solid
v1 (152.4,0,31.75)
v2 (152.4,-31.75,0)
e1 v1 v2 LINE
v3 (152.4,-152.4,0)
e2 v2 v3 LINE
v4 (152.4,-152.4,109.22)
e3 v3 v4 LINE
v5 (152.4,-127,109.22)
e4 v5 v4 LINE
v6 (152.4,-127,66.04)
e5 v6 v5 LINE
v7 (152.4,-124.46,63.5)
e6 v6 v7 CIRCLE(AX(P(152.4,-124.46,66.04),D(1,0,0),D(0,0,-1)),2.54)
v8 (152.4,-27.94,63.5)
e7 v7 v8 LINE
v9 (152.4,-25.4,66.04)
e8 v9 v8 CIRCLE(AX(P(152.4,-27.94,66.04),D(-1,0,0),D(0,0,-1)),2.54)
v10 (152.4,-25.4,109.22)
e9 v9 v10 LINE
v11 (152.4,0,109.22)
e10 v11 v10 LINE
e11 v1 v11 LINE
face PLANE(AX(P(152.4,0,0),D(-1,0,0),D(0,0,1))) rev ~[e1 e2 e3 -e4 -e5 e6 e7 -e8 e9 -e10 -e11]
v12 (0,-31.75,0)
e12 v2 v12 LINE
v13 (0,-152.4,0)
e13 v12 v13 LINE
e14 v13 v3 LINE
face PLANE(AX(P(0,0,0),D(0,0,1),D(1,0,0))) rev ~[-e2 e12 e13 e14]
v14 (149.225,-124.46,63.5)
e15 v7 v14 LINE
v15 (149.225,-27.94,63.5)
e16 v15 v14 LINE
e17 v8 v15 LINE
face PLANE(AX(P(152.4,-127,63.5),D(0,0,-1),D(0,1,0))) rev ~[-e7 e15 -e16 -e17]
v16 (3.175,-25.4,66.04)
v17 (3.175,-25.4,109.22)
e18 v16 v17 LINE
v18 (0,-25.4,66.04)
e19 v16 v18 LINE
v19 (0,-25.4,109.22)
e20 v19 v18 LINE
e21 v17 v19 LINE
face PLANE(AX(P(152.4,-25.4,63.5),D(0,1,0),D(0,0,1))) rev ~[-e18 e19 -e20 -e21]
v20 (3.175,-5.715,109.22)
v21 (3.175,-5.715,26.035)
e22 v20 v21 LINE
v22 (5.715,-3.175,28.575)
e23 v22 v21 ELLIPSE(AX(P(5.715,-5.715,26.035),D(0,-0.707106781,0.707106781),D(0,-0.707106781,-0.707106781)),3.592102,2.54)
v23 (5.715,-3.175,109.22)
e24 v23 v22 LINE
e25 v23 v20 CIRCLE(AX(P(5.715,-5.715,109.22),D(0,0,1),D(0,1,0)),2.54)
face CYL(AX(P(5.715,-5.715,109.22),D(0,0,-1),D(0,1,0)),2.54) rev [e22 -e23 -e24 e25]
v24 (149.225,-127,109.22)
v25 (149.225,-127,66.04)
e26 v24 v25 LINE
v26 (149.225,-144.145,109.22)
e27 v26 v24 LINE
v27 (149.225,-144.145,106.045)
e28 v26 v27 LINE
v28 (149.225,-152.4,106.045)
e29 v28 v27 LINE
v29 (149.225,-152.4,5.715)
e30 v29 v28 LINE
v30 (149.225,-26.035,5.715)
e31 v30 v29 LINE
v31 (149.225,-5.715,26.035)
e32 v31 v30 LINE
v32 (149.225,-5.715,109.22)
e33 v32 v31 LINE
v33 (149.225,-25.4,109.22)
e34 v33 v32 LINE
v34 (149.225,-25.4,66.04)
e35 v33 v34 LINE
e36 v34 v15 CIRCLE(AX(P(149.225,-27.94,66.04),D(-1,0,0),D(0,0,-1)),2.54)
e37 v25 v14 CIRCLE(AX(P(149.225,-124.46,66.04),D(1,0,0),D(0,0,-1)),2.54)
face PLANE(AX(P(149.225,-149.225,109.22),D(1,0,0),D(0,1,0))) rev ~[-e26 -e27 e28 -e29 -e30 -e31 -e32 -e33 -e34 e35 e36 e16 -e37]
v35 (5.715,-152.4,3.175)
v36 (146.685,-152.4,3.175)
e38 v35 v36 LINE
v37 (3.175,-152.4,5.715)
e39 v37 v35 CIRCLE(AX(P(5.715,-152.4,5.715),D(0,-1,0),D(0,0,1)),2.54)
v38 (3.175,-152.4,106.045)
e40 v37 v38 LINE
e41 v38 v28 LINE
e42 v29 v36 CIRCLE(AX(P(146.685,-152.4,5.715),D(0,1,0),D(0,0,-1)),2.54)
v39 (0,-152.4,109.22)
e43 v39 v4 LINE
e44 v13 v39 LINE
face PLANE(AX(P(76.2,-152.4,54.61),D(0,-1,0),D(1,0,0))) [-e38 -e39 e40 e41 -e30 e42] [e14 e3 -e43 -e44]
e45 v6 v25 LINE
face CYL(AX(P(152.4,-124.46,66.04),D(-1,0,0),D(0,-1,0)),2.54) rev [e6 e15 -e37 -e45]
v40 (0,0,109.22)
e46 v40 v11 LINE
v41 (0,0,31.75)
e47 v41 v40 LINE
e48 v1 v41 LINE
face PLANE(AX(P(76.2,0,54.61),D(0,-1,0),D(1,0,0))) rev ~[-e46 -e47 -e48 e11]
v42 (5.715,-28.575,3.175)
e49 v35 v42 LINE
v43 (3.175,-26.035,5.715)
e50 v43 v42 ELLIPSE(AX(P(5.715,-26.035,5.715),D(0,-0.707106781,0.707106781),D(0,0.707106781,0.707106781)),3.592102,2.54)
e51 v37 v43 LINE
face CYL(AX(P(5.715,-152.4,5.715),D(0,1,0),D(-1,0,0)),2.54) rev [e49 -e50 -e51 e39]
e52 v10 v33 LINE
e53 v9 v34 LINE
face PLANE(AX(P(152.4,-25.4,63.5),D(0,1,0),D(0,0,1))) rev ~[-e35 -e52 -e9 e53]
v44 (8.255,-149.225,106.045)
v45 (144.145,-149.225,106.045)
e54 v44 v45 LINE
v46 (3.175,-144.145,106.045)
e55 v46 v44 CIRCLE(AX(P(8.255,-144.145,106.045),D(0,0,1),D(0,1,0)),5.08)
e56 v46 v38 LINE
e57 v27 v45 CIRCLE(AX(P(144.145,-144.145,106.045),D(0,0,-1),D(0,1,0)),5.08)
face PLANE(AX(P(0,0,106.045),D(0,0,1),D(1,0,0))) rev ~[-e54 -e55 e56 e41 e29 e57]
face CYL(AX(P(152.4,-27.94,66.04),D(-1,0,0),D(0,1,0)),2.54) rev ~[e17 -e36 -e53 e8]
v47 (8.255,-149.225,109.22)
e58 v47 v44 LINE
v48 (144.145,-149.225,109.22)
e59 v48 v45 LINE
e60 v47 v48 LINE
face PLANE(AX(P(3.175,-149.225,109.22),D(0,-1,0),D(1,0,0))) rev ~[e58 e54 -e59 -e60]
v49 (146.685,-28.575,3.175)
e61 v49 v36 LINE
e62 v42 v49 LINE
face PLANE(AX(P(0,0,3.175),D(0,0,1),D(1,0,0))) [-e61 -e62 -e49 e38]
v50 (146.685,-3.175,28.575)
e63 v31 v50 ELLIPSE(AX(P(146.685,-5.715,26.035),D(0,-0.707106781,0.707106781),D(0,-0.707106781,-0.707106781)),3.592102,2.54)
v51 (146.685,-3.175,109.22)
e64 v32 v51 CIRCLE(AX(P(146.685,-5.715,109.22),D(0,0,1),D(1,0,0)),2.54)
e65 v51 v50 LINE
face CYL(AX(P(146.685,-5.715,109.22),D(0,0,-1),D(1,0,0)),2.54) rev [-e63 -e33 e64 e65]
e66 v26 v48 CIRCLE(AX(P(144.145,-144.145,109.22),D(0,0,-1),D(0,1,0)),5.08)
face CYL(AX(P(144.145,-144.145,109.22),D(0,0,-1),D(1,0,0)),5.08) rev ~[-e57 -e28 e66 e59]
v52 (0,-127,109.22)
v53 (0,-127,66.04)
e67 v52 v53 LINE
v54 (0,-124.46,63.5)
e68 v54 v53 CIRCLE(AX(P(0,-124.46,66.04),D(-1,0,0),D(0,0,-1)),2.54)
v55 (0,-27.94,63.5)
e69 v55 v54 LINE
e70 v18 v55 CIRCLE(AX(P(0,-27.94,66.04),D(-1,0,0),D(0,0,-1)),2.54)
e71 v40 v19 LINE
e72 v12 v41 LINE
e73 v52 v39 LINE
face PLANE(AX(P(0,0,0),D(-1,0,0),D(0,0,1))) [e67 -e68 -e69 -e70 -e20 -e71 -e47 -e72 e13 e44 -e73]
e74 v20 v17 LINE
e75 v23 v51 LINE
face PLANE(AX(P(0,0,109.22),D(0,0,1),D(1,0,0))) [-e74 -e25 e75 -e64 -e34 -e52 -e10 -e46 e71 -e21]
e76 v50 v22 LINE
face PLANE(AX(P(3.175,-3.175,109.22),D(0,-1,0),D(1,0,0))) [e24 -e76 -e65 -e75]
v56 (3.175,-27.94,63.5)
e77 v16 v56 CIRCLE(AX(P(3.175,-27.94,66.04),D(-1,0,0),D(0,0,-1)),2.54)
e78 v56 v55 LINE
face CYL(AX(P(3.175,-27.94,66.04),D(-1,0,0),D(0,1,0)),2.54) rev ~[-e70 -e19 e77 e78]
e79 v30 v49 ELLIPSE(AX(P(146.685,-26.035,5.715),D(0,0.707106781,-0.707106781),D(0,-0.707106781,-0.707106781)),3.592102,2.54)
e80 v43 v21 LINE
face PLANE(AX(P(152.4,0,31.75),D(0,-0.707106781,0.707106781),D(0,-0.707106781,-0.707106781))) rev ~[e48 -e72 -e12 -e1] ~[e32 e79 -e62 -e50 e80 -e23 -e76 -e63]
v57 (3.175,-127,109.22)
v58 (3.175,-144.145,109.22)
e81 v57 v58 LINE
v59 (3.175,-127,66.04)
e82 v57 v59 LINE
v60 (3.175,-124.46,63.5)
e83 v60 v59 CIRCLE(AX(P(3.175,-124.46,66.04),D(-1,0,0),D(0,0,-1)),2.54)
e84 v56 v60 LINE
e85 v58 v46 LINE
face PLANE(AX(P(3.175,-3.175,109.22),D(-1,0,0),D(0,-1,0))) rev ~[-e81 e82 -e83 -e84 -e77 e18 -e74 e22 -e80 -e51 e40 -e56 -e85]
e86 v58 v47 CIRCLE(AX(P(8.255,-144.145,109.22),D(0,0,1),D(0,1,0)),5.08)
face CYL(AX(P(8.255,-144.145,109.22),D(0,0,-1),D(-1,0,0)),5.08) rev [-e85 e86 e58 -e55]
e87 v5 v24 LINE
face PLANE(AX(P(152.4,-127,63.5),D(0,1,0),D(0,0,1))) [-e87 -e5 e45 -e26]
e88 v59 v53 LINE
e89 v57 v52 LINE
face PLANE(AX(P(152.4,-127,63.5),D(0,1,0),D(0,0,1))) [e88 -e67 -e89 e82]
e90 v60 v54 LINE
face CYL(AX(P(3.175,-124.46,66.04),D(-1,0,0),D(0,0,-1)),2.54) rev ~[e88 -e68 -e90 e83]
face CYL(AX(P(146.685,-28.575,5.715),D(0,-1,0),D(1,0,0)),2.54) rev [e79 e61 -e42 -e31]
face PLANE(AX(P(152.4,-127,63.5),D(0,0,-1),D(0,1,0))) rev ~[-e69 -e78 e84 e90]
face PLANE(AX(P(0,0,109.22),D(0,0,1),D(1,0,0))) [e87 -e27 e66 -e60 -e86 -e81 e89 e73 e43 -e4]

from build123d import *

# Parameters (mm, degrees)
F0_W     = 152.4
F0_H     = 109.22
F1_DEPTH = 152.4
F2_T     = -3.175
F3_W     = 101.6
F3_H     = 45.72
F4_DEPTH = 152.401
F5_W     = 146.05
F5_H     = 22.225
F5_H_2   = 123.825
F6_DEPTH = 25.4
F8_DEPTH = 152.401
F9_R     = 2.54
F10_R    = 5.08


with BuildPart() as f1:
    # F0 (on Front) → F1 (new body)
    with BuildSketch(Plane.XZ):
        with Locations((76.2, 54.61)):
            Rectangle(F0_W, F0_H)
    extrude(amount=F1_DEPTH)

    # F2
    f2_openings = [f1.faces().sort_by_distance(p)[0] for p in [
        (76.2, -152.4, 54.61),
    ]]
    offset(amount=F2_T, openings=f2_openings)

    # F3 (on face) → F4 (cut, through all)
    with BuildSketch(Plane.YZ.offset(152.4)):
        with Locations((-76.2, 86.36)):
            Rectangle(F3_W, F3_H)
    extrude(amount=-F4_DEPTH, mode=Mode.SUBTRACT)

    # F5 (on face) → F6 (cut)
    with BuildSketch(Plane.XY.offset(109.22)):
        with Locations((76.2, -138.1125)):
            Rectangle(F5_W, F5_H)
        with Locations((76.2, -65.0875)):
            Rectangle(F5_W, F5_H_2)
    extrude(amount=-F6_DEPTH, mode=Mode.SUBTRACT)

    # F7 (on face) → F8 (cut, through all)
    with BuildSketch(Plane.YZ.offset(152.4)):
        Polygon((-31.75, 0), (0, 0), (0, 31.75), align=None)
    extrude(amount=-F8_DEPTH, mode=Mode.SUBTRACT)

    # F9
    f9_edges = [f1.edges().sort_by_distance(p)[0] for p in [
        (3.175, -90.4875, 3.175),
        (3.175, -3.175, 68.8975),
        (149.225, -3.175, 68.8975),
        (1.5875, -25.4, 63.5),
        (150.8125, -25.4, 63.5),
        (150.8125, -127, 63.5),
        (1.5875, -127, 63.5),
        (149.225, -90.4875, 3.175),
    ]]
    fillet(f9_edges, radius=F9_R)

    # F10
    f10_edges = [f1.edges().sort_by_distance(p)[0] for p in [
        (3.175, -149.225, 107.6325),
        (149.225, -149.225, 107.6325),
    ]]
    fillet(f10_edges, radius=F10_R)


solid = f1.part
